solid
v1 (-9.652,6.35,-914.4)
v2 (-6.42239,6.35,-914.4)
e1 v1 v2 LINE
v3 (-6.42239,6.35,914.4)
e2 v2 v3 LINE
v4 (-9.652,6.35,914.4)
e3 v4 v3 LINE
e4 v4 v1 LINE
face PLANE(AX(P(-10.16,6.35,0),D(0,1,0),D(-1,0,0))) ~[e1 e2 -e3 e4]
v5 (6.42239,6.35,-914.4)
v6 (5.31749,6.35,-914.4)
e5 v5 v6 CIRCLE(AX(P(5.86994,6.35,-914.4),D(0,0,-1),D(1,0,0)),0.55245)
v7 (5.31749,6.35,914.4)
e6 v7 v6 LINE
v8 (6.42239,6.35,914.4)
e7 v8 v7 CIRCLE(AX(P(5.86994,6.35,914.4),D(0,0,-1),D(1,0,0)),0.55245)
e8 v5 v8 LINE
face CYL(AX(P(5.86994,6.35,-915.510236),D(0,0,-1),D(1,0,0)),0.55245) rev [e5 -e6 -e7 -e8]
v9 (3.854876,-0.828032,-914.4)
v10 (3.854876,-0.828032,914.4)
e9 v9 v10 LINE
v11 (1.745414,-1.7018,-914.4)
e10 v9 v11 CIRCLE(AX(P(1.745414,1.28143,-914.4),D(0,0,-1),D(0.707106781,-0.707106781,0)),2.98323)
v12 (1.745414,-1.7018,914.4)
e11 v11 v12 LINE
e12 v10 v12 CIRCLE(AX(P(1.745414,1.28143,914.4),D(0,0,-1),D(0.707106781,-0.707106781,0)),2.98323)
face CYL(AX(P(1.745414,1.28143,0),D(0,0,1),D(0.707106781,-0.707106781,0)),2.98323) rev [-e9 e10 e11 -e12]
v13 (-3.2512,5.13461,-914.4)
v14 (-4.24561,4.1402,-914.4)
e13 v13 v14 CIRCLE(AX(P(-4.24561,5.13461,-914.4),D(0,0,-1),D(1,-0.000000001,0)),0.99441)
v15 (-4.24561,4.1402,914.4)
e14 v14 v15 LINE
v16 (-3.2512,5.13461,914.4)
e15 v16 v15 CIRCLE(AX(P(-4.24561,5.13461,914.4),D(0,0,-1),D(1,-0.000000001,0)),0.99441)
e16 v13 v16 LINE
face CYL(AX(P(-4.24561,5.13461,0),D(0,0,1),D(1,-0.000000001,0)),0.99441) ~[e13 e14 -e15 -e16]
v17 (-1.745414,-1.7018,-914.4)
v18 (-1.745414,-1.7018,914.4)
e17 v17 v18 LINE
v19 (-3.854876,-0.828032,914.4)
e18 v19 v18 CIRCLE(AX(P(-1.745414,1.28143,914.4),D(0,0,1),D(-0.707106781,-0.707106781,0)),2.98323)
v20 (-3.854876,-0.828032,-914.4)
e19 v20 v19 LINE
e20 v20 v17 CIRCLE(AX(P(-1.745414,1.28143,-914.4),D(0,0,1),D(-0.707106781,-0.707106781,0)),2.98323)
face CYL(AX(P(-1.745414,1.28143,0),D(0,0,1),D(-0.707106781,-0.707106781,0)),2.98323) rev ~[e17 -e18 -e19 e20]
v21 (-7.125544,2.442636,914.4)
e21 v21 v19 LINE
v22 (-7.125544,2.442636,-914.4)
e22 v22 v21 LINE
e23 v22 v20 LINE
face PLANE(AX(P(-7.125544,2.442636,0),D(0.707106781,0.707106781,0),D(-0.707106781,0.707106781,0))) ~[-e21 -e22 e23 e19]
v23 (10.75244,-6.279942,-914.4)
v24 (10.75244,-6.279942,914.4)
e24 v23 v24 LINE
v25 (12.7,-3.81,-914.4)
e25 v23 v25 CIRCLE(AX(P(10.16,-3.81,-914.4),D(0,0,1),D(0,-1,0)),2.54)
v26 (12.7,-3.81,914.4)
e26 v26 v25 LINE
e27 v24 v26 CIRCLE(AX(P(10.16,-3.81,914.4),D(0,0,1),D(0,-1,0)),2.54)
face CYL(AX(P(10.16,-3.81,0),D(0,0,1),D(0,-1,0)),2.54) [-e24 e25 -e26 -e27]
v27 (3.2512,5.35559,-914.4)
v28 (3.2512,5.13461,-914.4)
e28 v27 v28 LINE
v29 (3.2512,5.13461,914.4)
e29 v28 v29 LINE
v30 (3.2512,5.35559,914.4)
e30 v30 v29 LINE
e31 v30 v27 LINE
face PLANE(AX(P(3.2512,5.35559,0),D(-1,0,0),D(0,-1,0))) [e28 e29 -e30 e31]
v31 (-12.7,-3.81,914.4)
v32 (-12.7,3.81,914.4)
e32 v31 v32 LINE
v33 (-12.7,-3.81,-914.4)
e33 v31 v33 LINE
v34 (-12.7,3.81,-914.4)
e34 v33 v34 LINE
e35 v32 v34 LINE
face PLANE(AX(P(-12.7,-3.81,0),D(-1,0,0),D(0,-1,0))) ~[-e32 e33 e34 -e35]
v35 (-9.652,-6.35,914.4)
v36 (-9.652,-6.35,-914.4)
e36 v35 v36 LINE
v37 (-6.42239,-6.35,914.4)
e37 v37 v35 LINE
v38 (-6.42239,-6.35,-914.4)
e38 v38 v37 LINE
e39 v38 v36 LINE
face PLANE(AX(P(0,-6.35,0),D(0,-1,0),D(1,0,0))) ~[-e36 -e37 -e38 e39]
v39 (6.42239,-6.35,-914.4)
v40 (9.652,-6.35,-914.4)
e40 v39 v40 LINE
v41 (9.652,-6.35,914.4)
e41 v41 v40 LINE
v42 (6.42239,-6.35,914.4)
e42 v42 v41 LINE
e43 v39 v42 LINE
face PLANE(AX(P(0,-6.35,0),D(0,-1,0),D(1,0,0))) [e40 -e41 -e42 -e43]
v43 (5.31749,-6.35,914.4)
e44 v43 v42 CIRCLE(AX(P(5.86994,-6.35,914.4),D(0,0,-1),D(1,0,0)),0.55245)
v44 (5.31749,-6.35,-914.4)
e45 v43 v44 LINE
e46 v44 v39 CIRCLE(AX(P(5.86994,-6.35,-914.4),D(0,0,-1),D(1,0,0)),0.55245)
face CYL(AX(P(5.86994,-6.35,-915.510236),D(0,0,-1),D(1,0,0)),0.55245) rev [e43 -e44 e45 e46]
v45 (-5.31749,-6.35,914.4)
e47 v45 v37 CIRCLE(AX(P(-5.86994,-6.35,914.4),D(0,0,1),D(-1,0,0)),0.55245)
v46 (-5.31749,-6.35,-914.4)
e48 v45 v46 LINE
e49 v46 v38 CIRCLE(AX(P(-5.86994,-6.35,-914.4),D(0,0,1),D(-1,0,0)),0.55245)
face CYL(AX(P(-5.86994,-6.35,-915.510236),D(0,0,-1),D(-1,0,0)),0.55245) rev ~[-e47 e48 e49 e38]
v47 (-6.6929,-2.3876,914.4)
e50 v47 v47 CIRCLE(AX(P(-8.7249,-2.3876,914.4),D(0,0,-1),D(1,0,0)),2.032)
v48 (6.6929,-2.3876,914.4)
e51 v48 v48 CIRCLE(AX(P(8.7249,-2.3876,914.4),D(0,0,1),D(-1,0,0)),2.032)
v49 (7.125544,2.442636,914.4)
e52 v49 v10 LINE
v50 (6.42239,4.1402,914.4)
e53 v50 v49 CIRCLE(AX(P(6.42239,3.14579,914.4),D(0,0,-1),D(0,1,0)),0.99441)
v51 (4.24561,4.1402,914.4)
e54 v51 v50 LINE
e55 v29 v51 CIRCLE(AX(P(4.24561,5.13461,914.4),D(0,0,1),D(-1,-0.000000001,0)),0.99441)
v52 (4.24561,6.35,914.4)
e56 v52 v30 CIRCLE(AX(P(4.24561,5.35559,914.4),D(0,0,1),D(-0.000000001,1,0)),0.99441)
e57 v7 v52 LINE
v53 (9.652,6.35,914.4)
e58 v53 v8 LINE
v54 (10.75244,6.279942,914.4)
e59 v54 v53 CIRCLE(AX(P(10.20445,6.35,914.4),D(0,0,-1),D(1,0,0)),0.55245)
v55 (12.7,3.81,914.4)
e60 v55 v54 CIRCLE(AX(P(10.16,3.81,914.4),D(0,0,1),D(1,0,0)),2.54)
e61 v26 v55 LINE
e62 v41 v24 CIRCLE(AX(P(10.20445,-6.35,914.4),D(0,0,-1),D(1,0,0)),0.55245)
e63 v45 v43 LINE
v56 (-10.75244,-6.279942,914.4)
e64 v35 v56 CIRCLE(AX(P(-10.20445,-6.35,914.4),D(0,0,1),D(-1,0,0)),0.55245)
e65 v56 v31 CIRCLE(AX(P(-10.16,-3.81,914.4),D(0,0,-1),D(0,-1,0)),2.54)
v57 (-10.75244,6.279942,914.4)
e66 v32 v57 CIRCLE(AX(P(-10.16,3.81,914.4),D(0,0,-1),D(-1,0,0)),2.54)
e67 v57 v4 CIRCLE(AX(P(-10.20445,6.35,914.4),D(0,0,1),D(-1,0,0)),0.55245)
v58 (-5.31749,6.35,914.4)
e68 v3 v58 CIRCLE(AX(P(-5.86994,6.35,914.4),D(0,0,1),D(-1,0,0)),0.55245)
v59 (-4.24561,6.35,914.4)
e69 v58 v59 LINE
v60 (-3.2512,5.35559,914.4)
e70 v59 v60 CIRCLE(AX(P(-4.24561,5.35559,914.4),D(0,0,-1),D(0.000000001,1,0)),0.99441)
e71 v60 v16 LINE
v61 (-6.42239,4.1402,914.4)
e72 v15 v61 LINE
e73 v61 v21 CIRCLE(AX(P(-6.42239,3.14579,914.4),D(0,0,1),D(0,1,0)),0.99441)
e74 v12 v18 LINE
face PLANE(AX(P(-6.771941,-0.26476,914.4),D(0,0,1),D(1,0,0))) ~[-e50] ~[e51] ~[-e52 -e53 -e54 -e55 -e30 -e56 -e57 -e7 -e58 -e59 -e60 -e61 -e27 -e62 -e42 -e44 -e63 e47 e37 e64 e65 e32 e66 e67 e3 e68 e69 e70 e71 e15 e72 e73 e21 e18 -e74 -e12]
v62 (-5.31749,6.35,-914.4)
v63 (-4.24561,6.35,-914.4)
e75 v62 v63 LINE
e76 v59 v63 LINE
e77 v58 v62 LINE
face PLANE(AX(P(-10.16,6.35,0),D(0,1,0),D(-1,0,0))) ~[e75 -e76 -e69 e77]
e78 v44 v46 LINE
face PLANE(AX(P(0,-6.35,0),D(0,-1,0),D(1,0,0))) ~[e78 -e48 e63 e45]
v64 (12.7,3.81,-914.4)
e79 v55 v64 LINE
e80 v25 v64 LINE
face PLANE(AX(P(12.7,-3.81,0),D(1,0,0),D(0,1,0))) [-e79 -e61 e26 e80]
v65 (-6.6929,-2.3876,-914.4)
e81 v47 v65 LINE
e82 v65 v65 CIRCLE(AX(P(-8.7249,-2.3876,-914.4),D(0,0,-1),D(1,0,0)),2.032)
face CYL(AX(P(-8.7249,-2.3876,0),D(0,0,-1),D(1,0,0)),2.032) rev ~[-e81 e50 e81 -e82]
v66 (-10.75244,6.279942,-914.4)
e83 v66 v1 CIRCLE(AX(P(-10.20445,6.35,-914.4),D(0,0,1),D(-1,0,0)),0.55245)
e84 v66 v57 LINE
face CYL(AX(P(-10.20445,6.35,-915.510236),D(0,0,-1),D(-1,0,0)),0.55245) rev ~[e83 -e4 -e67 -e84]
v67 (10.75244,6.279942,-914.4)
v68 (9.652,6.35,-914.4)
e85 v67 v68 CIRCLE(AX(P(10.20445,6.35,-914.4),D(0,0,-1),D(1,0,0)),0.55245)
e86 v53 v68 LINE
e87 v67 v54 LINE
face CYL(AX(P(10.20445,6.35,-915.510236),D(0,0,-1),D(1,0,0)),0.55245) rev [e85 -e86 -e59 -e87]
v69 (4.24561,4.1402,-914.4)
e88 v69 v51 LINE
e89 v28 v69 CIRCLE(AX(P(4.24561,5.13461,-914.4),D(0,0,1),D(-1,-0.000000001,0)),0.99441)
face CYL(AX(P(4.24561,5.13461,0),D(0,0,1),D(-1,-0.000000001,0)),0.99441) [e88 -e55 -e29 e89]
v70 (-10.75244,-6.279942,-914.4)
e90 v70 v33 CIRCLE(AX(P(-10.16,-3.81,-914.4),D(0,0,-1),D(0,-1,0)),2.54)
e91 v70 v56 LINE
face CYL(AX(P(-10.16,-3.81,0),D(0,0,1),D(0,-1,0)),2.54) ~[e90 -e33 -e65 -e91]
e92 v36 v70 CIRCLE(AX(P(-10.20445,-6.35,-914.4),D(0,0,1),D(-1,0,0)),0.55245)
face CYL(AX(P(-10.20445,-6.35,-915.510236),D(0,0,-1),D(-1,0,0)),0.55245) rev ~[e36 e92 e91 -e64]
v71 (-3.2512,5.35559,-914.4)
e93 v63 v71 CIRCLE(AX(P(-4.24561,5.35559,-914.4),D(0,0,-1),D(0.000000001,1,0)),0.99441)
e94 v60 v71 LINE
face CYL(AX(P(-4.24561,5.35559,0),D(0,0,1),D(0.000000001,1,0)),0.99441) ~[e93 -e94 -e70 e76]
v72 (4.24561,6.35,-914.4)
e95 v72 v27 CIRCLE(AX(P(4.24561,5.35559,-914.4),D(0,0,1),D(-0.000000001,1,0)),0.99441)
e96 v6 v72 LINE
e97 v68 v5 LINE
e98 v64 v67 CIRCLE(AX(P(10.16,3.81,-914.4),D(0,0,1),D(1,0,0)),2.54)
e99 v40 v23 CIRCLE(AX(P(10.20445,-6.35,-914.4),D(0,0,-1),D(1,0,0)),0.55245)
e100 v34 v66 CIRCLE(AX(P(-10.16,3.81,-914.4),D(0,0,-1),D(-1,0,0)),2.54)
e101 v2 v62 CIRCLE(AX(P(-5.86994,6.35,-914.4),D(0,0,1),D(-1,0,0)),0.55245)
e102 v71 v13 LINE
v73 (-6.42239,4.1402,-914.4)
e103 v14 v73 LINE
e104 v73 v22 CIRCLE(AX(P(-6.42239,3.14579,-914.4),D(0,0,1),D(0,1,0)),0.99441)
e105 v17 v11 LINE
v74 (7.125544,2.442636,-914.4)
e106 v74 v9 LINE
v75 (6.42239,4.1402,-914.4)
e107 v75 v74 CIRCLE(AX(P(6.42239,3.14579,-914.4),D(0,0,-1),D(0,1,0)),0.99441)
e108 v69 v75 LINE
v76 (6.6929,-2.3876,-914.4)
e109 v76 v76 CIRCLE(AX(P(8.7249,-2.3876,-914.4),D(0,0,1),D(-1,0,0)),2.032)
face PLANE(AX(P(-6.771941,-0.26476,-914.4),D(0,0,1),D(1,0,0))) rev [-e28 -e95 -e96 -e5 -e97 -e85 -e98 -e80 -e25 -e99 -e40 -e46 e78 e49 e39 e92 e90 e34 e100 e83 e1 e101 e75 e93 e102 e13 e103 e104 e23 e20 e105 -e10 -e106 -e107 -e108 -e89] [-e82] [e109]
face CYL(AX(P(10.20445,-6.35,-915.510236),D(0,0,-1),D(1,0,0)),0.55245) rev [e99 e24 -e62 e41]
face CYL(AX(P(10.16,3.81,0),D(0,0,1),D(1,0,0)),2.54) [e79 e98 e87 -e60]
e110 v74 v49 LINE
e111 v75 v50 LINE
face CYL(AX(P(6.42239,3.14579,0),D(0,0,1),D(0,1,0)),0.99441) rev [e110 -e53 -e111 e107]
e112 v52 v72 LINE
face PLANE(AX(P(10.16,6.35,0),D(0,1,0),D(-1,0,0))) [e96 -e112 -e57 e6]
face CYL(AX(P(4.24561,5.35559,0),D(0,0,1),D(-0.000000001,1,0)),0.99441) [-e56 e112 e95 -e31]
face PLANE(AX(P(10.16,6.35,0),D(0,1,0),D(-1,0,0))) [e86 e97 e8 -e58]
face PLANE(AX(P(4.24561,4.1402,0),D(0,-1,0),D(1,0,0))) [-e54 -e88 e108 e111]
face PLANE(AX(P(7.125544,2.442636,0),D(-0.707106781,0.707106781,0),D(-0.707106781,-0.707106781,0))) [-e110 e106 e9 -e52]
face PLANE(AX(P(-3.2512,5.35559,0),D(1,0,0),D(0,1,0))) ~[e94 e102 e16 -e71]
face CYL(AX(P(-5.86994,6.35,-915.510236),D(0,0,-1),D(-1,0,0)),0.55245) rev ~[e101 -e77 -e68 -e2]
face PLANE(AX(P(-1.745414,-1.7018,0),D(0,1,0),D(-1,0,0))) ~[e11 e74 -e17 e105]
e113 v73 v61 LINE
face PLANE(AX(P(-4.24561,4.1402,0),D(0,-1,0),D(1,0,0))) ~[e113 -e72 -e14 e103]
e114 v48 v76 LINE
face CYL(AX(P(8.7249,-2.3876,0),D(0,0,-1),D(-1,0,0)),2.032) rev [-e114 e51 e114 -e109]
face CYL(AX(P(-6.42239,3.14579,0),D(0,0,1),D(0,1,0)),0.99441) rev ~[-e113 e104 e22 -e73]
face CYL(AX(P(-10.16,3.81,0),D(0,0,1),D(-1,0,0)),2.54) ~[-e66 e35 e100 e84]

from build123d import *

# Parameters (mm, degrees)
SKETCH3_R               = 2.032
BOSS_EXTRUDE1_DEPTH     = 914.4
CUT_EXTRUDE1_DEPTH      = 915.510236411
CUT_EXTRUDE1_DEPTH_BACK = 915.510236411
SKETCH4_R               = 0.55245


with BuildPart() as part:
    # Sketch3 → Boss-Extrude1 (new, symmetric)
    with BuildSketch(Plane.XY):
        with BuildLine():
            Line((3.2512, 5.35559), (3.2512, 5.13461))
            ThreePointArc((3.2512, 5.13461), (3.542455946, 4.431455946), (4.24561, 4.1402))
            Line((4.24561, 4.1402), (6.42239, 4.1402))
            ThreePointArc((6.42239, 4.1402), (7.341105046, 3.526334232), (7.125544054, 2.442635946))
            Line((7.125544054, 2.442635946), (3.854875946, -0.828032163))
            ThreePointArc((3.854875946, -0.828032163), (2.887046479, -1.474715138), (1.745413783, -1.7018))
            Line((1.745413783, -1.7018), (0, -1.7018))
            Line((0, -1.7018), (0, -6.35))
            Line((0, -6.35), (10.16, -6.35))
            ThreePointArc((10.16, -6.35), (11.956051224, -5.606051224), (12.7, -3.81))
            Line((12.7, -3.81), (12.7, 3.81))
            ThreePointArc((12.7, 3.81), (11.956051224, 5.606051224), (10.16, 6.35))
            Line((10.16, 6.35), (4.24561, 6.35))
            ThreePointArc((4.24561, 6.35), (3.542455946, 6.058744054), (3.2512, 5.35559))
        make_face()
        with Locations(Location((8.7249, -2.3876, 0), (0, 0, 180))):
            Circle(SKETCH3_R, mode=Mode.SUBTRACT)
    extrude(amount=BOSS_EXTRUDE1_DEPTH, both=True)

    # Sketch4 → Cut-Extrude1 (cut, two sides: drawn at the far end of the back side and taken through both)
    with BuildSketch(Plane.XY.offset(-CUT_EXTRUDE1_DEPTH_BACK)):
        with Locations((5.86994, 6.35)):
            Circle(SKETCH4_R)
        with Locations((10.20445, 6.35)):
            Circle(SKETCH4_R)
        with Locations((5.86994, -6.35)):
            Circle(SKETCH4_R)
        with Locations((10.20445, -6.35)):
            Circle(SKETCH4_R)
    extrude(amount=CUT_EXTRUDE1_DEPTH + CUT_EXTRUDE1_DEPTH_BACK, mode=Mode.SUBTRACT)

    # Mirror1: part across plane


with BuildPart() as part_1:
    add(part.part)
    add(part.part.mirror(Plane(origin=(0, 0, 0), x_dir=(0, 0, 1), z_dir=(1, 0, 0))))


solid = part_1.part
